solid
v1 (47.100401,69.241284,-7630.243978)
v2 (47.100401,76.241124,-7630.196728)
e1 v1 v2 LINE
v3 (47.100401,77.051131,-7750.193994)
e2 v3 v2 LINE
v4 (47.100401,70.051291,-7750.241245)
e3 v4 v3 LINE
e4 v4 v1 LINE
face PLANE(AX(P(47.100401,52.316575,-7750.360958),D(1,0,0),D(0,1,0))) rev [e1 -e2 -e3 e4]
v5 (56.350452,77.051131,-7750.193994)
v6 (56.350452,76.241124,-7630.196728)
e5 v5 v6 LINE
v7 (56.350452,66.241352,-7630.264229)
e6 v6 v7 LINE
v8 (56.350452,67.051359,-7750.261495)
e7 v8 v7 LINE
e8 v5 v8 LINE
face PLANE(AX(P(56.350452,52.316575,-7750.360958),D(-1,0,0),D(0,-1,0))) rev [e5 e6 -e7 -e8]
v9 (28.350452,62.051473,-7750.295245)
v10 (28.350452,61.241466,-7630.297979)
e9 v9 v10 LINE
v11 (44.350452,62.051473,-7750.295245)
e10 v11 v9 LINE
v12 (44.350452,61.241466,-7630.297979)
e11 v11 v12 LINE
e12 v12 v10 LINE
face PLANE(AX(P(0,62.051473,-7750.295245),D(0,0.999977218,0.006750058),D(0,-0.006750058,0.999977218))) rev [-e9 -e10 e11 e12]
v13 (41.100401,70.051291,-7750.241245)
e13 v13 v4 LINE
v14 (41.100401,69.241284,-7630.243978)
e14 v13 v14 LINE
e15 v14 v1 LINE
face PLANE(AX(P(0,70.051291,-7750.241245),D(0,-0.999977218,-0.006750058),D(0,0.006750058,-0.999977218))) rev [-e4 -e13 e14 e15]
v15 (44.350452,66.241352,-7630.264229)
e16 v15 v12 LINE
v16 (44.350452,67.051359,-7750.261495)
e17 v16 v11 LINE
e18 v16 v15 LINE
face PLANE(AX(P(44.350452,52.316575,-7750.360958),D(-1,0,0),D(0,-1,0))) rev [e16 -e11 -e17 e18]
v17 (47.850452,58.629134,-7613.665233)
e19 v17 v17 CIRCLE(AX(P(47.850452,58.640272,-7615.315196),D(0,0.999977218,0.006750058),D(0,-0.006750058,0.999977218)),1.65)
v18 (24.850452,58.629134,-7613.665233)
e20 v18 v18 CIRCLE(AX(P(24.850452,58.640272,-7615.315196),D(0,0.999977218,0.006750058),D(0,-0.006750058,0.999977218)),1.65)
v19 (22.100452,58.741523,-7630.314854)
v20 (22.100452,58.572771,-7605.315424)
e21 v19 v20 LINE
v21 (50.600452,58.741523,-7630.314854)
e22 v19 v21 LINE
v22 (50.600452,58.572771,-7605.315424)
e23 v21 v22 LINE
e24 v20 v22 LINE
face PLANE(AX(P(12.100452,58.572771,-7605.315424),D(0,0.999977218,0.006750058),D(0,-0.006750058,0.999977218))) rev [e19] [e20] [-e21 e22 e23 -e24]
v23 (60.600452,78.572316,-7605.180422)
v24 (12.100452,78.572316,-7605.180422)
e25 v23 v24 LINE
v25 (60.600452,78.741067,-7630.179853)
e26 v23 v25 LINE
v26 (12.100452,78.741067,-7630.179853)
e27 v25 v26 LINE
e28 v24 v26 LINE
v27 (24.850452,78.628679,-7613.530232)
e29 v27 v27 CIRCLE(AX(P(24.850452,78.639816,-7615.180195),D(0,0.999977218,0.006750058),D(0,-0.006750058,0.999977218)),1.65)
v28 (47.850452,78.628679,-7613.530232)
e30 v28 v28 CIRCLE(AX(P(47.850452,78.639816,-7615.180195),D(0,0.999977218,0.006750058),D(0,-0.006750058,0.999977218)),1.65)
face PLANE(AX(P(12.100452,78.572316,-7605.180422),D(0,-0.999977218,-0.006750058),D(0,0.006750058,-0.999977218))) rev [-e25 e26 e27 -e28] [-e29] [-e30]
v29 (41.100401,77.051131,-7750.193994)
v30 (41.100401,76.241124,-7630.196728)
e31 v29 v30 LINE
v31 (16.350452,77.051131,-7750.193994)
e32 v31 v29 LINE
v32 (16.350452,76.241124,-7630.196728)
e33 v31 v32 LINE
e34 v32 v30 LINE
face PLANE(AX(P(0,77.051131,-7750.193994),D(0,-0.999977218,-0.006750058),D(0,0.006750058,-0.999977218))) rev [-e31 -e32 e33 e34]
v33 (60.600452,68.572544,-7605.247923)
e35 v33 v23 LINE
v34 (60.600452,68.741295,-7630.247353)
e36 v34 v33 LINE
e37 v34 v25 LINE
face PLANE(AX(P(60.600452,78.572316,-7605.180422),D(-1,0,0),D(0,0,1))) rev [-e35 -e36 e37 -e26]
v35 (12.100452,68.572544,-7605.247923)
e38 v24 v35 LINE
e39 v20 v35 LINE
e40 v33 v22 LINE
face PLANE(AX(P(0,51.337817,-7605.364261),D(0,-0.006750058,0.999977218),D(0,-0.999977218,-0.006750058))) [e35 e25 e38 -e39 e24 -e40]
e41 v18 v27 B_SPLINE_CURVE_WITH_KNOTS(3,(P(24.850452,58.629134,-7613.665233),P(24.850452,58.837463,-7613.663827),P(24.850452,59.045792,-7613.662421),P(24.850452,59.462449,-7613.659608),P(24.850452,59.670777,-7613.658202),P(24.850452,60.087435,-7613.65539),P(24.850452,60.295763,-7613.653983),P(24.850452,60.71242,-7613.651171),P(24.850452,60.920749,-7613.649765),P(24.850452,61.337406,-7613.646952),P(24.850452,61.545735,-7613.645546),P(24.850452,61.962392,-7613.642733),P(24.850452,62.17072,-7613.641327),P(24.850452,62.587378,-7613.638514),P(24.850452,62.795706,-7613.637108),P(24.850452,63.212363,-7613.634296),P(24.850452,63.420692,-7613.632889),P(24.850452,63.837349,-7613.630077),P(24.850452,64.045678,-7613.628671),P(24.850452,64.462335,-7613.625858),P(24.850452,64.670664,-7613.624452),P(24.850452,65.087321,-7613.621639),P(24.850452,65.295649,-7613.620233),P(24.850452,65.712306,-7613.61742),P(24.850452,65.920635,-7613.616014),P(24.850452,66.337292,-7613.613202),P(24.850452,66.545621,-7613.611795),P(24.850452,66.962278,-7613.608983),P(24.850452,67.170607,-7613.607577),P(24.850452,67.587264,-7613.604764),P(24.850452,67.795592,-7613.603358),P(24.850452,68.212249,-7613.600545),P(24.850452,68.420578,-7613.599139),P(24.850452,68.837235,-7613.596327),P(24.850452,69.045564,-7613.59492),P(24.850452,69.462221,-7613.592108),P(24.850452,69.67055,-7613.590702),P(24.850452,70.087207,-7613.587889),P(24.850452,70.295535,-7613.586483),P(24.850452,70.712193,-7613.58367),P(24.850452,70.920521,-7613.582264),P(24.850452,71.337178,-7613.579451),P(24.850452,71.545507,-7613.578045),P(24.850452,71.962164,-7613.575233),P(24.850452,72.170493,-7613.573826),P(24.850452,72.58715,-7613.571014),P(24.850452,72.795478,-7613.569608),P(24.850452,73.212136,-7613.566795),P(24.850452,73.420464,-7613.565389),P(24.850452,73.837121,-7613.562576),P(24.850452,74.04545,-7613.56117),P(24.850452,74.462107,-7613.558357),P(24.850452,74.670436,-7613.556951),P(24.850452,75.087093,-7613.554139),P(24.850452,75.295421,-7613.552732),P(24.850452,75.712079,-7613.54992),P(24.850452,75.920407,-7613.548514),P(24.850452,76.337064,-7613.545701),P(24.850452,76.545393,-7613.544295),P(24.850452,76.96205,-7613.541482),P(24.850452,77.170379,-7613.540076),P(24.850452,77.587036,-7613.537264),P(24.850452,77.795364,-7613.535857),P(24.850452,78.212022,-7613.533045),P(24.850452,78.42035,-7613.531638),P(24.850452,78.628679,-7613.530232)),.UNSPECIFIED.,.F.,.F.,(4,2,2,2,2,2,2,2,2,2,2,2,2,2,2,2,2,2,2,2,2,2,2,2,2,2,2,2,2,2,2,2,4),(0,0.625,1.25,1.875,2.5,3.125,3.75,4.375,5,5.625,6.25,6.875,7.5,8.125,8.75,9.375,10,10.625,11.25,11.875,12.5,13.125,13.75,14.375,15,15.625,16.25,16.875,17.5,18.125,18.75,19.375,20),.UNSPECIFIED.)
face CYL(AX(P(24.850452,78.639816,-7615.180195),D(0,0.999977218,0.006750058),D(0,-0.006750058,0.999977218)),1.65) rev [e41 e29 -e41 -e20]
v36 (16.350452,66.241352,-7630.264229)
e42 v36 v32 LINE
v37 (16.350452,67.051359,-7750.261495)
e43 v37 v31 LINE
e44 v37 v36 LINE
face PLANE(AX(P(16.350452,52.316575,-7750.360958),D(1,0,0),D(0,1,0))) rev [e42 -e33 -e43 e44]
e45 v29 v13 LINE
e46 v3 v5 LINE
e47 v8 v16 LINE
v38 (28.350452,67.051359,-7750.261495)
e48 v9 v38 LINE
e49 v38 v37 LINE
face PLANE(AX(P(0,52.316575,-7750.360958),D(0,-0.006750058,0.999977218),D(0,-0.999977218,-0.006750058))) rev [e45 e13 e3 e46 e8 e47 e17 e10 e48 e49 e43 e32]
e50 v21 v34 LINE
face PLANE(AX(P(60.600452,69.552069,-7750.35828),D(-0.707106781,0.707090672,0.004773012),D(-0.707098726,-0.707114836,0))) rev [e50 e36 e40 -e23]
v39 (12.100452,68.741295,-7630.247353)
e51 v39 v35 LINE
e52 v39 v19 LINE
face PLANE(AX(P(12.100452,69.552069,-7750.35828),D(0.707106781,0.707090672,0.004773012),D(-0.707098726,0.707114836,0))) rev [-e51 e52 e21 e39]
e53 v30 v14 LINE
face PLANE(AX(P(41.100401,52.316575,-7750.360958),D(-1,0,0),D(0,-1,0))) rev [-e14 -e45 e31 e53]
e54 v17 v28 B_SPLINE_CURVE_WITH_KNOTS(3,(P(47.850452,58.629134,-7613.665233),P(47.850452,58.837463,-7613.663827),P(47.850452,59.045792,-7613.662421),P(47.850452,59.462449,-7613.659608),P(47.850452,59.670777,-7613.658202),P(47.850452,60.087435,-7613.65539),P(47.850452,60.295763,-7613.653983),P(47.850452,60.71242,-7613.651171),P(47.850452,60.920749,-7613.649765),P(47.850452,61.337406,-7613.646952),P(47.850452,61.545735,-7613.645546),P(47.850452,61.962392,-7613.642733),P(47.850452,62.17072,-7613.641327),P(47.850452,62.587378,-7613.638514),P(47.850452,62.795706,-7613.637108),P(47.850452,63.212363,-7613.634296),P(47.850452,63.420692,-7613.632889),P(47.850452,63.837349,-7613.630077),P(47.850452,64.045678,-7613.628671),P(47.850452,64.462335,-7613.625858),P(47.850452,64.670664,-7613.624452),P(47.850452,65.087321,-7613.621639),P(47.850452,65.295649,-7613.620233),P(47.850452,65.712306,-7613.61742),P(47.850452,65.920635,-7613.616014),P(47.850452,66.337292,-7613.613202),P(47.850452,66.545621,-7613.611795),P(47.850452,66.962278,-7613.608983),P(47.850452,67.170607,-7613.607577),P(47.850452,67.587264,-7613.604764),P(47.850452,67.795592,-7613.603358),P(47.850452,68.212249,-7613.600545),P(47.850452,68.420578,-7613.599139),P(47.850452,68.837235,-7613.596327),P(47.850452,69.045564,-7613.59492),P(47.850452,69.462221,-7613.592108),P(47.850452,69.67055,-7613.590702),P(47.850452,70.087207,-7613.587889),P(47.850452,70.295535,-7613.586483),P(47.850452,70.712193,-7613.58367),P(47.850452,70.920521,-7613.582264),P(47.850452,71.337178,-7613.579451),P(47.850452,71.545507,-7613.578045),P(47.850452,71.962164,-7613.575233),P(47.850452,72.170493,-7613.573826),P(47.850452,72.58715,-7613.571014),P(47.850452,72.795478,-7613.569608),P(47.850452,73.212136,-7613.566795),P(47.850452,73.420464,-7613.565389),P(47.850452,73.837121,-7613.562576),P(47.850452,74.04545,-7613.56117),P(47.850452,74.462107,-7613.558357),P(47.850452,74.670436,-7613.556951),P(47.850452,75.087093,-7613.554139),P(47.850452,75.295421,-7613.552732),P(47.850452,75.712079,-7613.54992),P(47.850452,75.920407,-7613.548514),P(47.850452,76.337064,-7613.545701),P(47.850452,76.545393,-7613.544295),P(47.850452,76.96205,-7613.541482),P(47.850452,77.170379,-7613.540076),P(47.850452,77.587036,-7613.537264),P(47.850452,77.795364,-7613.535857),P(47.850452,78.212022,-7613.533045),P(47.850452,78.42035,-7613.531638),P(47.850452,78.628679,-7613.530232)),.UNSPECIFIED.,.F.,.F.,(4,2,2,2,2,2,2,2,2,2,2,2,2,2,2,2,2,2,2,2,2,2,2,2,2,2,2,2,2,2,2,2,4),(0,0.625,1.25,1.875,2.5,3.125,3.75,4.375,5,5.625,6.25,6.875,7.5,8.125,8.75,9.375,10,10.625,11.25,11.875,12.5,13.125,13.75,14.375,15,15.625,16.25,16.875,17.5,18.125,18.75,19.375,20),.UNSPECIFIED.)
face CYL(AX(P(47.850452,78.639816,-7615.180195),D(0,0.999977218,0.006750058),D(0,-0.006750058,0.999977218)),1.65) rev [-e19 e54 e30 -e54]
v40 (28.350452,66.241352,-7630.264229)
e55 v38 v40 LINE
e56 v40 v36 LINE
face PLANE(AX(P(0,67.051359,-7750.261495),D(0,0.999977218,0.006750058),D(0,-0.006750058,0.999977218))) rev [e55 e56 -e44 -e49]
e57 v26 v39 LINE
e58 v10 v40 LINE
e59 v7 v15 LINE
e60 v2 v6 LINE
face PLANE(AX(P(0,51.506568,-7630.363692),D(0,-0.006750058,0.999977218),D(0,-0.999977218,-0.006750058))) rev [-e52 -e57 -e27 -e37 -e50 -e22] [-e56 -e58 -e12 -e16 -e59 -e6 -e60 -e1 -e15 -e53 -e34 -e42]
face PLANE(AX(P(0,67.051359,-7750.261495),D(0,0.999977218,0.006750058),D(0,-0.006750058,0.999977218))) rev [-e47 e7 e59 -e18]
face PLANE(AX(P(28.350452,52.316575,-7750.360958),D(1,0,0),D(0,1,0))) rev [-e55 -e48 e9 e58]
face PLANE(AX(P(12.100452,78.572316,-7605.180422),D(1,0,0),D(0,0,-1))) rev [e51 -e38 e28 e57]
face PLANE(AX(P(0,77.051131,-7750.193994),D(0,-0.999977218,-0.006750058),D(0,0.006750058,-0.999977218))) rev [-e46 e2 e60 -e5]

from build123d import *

# Parameters (mm, degrees)
EXTRUDE_1_DEPTH              = 120
SKETCH_2_W                   = 48.5
SKETCH_2_H                   = 20
EXTRUDE_2_DEPTH              = 25
HOLE_WIZARD_M4_1_D           = 3.3
HOLE_WIZARD_M4_1_ON_FACE_2_D = 3.3
CUT_EXTRUDE_1_REACH          = 161.463


with BuildPart() as part:
    # 草图1 → 凸台-拉伸1 (new body)
    with BuildSketch(Plane(origin=(0, 51.506568262, -7630.363691544), x_dir=(1, 0, 0), z_dir=(0, -0.006750057654754126, 0.9999772181013213))):
        Polygon((28.350451638, 9.735119508), (36.350451638, 9.735119508), (36.350451638, 24.735119508), (16.350451638, 24.735119508), (16.350451638, 14.735119508), (28.350451638, 14.735119508), align=None)
        Polygon((36.350451638, 24.735119508), (36.350451638, 9.735119508), (44.350451638, 9.735119508), (44.350451638, 14.735119508), (56.350451638, 14.735119508), (56.350451638, 24.735119508), (47.100400838, 24.735119508), (47.100400838, 22.735119508), (47.100400838, 17.735119508), (41.100400838, 17.735119508), (41.100400838, 22.735119508), (41.100400838, 24.735119508), align=None)
    extrude(amount=-EXTRUDE_1_DEPTH)

    # 草图2 → 凸台-拉伸2 (add)
    with BuildSketch(Plane(origin=(0, 51.506568262, -7630.363691544), x_dir=(1, 0, 0), z_dir=(0, -0.00675005765475416, 0.9999772181013213))):
        with Locations((36.350451638, 17.235119507)):
            Rectangle(SKETCH_2_W, SKETCH_2_H)
    extrude(amount=EXTRUDE_2_DEPTH)

    # M4 螺纹孔1 (through all)
    with Locations(Plane(origin=(47.850451638, 78.639816437, -7615.180194646), x_dir=(0, -0.006750057655, 0.999977218101), z_dir=(0, 0.999977218101, 0.006750057655))):
        with Locations((0, 0)):
            Hole(HOLE_WIZARD_M4_1_D / 2)

    # M4 螺纹孔1 on face 2 (through all)
    with Locations(Plane(origin=(24.850451638, 78.639816437, -7615.180194646), x_dir=(0, -0.006750001475, 0.999977218481), z_dir=(0, 0.999977218481, 0.006750001475))):
        with Locations((0, 0)):
            Hole(HOLE_WIZARD_M4_1_ON_FACE_2_D / 2)

    # 草图5 → 切除-拉伸1 (cut, up to next)
    with BuildSketch(Plane(origin=(0, 51.337816821, -7605.364261092), x_dir=(1, 0, 0), z_dir=(0, -0.0067500576547363505, 0.9999772181013213)), mode=Mode.PRIVATE) as cut_extrude_1_sk1:
        Polygon((12.100451638, 17.235119508), (22.100451638, 7.235119508), (12.100451638, 7.235119508), align=None)
    cut_extrude_1_tool1 = extrude(cut_extrude_1_sk1.sketch, amount=-CUT_EXTRUDE_1_REACH, mode=Mode.PRIVATE) & part.part
    # 草图5 → 切除-拉伸1 (cut, up to next)
    with BuildSketch(Plane(origin=(0, 51.337816821, -7605.364261092), x_dir=(1, 0, 0), z_dir=(0, -0.0067500576547363505, 0.9999772181013213)), mode=Mode.PRIVATE) as cut_extrude_1_sk2:
        Polygon((60.600451638, 17.235119508), (50.600451638, 7.235119508), (60.600451638, 7.235119508), align=None)
    cut_extrude_1_tool2 = extrude(cut_extrude_1_sk2.sketch, amount=-CUT_EXTRUDE_1_REACH, mode=Mode.PRIVATE) & part.part
    add(cut_extrude_1_tool1.solids().sort_by_distance((15.433785, 61.906029, -7605.292923))[0], mode=Mode.SUBTRACT)
    add(cut_extrude_1_tool2.solids().sort_by_distance((57.267118, 61.906029, -7605.292923))[0], mode=Mode.SUBTRACT)


solid = part.part
